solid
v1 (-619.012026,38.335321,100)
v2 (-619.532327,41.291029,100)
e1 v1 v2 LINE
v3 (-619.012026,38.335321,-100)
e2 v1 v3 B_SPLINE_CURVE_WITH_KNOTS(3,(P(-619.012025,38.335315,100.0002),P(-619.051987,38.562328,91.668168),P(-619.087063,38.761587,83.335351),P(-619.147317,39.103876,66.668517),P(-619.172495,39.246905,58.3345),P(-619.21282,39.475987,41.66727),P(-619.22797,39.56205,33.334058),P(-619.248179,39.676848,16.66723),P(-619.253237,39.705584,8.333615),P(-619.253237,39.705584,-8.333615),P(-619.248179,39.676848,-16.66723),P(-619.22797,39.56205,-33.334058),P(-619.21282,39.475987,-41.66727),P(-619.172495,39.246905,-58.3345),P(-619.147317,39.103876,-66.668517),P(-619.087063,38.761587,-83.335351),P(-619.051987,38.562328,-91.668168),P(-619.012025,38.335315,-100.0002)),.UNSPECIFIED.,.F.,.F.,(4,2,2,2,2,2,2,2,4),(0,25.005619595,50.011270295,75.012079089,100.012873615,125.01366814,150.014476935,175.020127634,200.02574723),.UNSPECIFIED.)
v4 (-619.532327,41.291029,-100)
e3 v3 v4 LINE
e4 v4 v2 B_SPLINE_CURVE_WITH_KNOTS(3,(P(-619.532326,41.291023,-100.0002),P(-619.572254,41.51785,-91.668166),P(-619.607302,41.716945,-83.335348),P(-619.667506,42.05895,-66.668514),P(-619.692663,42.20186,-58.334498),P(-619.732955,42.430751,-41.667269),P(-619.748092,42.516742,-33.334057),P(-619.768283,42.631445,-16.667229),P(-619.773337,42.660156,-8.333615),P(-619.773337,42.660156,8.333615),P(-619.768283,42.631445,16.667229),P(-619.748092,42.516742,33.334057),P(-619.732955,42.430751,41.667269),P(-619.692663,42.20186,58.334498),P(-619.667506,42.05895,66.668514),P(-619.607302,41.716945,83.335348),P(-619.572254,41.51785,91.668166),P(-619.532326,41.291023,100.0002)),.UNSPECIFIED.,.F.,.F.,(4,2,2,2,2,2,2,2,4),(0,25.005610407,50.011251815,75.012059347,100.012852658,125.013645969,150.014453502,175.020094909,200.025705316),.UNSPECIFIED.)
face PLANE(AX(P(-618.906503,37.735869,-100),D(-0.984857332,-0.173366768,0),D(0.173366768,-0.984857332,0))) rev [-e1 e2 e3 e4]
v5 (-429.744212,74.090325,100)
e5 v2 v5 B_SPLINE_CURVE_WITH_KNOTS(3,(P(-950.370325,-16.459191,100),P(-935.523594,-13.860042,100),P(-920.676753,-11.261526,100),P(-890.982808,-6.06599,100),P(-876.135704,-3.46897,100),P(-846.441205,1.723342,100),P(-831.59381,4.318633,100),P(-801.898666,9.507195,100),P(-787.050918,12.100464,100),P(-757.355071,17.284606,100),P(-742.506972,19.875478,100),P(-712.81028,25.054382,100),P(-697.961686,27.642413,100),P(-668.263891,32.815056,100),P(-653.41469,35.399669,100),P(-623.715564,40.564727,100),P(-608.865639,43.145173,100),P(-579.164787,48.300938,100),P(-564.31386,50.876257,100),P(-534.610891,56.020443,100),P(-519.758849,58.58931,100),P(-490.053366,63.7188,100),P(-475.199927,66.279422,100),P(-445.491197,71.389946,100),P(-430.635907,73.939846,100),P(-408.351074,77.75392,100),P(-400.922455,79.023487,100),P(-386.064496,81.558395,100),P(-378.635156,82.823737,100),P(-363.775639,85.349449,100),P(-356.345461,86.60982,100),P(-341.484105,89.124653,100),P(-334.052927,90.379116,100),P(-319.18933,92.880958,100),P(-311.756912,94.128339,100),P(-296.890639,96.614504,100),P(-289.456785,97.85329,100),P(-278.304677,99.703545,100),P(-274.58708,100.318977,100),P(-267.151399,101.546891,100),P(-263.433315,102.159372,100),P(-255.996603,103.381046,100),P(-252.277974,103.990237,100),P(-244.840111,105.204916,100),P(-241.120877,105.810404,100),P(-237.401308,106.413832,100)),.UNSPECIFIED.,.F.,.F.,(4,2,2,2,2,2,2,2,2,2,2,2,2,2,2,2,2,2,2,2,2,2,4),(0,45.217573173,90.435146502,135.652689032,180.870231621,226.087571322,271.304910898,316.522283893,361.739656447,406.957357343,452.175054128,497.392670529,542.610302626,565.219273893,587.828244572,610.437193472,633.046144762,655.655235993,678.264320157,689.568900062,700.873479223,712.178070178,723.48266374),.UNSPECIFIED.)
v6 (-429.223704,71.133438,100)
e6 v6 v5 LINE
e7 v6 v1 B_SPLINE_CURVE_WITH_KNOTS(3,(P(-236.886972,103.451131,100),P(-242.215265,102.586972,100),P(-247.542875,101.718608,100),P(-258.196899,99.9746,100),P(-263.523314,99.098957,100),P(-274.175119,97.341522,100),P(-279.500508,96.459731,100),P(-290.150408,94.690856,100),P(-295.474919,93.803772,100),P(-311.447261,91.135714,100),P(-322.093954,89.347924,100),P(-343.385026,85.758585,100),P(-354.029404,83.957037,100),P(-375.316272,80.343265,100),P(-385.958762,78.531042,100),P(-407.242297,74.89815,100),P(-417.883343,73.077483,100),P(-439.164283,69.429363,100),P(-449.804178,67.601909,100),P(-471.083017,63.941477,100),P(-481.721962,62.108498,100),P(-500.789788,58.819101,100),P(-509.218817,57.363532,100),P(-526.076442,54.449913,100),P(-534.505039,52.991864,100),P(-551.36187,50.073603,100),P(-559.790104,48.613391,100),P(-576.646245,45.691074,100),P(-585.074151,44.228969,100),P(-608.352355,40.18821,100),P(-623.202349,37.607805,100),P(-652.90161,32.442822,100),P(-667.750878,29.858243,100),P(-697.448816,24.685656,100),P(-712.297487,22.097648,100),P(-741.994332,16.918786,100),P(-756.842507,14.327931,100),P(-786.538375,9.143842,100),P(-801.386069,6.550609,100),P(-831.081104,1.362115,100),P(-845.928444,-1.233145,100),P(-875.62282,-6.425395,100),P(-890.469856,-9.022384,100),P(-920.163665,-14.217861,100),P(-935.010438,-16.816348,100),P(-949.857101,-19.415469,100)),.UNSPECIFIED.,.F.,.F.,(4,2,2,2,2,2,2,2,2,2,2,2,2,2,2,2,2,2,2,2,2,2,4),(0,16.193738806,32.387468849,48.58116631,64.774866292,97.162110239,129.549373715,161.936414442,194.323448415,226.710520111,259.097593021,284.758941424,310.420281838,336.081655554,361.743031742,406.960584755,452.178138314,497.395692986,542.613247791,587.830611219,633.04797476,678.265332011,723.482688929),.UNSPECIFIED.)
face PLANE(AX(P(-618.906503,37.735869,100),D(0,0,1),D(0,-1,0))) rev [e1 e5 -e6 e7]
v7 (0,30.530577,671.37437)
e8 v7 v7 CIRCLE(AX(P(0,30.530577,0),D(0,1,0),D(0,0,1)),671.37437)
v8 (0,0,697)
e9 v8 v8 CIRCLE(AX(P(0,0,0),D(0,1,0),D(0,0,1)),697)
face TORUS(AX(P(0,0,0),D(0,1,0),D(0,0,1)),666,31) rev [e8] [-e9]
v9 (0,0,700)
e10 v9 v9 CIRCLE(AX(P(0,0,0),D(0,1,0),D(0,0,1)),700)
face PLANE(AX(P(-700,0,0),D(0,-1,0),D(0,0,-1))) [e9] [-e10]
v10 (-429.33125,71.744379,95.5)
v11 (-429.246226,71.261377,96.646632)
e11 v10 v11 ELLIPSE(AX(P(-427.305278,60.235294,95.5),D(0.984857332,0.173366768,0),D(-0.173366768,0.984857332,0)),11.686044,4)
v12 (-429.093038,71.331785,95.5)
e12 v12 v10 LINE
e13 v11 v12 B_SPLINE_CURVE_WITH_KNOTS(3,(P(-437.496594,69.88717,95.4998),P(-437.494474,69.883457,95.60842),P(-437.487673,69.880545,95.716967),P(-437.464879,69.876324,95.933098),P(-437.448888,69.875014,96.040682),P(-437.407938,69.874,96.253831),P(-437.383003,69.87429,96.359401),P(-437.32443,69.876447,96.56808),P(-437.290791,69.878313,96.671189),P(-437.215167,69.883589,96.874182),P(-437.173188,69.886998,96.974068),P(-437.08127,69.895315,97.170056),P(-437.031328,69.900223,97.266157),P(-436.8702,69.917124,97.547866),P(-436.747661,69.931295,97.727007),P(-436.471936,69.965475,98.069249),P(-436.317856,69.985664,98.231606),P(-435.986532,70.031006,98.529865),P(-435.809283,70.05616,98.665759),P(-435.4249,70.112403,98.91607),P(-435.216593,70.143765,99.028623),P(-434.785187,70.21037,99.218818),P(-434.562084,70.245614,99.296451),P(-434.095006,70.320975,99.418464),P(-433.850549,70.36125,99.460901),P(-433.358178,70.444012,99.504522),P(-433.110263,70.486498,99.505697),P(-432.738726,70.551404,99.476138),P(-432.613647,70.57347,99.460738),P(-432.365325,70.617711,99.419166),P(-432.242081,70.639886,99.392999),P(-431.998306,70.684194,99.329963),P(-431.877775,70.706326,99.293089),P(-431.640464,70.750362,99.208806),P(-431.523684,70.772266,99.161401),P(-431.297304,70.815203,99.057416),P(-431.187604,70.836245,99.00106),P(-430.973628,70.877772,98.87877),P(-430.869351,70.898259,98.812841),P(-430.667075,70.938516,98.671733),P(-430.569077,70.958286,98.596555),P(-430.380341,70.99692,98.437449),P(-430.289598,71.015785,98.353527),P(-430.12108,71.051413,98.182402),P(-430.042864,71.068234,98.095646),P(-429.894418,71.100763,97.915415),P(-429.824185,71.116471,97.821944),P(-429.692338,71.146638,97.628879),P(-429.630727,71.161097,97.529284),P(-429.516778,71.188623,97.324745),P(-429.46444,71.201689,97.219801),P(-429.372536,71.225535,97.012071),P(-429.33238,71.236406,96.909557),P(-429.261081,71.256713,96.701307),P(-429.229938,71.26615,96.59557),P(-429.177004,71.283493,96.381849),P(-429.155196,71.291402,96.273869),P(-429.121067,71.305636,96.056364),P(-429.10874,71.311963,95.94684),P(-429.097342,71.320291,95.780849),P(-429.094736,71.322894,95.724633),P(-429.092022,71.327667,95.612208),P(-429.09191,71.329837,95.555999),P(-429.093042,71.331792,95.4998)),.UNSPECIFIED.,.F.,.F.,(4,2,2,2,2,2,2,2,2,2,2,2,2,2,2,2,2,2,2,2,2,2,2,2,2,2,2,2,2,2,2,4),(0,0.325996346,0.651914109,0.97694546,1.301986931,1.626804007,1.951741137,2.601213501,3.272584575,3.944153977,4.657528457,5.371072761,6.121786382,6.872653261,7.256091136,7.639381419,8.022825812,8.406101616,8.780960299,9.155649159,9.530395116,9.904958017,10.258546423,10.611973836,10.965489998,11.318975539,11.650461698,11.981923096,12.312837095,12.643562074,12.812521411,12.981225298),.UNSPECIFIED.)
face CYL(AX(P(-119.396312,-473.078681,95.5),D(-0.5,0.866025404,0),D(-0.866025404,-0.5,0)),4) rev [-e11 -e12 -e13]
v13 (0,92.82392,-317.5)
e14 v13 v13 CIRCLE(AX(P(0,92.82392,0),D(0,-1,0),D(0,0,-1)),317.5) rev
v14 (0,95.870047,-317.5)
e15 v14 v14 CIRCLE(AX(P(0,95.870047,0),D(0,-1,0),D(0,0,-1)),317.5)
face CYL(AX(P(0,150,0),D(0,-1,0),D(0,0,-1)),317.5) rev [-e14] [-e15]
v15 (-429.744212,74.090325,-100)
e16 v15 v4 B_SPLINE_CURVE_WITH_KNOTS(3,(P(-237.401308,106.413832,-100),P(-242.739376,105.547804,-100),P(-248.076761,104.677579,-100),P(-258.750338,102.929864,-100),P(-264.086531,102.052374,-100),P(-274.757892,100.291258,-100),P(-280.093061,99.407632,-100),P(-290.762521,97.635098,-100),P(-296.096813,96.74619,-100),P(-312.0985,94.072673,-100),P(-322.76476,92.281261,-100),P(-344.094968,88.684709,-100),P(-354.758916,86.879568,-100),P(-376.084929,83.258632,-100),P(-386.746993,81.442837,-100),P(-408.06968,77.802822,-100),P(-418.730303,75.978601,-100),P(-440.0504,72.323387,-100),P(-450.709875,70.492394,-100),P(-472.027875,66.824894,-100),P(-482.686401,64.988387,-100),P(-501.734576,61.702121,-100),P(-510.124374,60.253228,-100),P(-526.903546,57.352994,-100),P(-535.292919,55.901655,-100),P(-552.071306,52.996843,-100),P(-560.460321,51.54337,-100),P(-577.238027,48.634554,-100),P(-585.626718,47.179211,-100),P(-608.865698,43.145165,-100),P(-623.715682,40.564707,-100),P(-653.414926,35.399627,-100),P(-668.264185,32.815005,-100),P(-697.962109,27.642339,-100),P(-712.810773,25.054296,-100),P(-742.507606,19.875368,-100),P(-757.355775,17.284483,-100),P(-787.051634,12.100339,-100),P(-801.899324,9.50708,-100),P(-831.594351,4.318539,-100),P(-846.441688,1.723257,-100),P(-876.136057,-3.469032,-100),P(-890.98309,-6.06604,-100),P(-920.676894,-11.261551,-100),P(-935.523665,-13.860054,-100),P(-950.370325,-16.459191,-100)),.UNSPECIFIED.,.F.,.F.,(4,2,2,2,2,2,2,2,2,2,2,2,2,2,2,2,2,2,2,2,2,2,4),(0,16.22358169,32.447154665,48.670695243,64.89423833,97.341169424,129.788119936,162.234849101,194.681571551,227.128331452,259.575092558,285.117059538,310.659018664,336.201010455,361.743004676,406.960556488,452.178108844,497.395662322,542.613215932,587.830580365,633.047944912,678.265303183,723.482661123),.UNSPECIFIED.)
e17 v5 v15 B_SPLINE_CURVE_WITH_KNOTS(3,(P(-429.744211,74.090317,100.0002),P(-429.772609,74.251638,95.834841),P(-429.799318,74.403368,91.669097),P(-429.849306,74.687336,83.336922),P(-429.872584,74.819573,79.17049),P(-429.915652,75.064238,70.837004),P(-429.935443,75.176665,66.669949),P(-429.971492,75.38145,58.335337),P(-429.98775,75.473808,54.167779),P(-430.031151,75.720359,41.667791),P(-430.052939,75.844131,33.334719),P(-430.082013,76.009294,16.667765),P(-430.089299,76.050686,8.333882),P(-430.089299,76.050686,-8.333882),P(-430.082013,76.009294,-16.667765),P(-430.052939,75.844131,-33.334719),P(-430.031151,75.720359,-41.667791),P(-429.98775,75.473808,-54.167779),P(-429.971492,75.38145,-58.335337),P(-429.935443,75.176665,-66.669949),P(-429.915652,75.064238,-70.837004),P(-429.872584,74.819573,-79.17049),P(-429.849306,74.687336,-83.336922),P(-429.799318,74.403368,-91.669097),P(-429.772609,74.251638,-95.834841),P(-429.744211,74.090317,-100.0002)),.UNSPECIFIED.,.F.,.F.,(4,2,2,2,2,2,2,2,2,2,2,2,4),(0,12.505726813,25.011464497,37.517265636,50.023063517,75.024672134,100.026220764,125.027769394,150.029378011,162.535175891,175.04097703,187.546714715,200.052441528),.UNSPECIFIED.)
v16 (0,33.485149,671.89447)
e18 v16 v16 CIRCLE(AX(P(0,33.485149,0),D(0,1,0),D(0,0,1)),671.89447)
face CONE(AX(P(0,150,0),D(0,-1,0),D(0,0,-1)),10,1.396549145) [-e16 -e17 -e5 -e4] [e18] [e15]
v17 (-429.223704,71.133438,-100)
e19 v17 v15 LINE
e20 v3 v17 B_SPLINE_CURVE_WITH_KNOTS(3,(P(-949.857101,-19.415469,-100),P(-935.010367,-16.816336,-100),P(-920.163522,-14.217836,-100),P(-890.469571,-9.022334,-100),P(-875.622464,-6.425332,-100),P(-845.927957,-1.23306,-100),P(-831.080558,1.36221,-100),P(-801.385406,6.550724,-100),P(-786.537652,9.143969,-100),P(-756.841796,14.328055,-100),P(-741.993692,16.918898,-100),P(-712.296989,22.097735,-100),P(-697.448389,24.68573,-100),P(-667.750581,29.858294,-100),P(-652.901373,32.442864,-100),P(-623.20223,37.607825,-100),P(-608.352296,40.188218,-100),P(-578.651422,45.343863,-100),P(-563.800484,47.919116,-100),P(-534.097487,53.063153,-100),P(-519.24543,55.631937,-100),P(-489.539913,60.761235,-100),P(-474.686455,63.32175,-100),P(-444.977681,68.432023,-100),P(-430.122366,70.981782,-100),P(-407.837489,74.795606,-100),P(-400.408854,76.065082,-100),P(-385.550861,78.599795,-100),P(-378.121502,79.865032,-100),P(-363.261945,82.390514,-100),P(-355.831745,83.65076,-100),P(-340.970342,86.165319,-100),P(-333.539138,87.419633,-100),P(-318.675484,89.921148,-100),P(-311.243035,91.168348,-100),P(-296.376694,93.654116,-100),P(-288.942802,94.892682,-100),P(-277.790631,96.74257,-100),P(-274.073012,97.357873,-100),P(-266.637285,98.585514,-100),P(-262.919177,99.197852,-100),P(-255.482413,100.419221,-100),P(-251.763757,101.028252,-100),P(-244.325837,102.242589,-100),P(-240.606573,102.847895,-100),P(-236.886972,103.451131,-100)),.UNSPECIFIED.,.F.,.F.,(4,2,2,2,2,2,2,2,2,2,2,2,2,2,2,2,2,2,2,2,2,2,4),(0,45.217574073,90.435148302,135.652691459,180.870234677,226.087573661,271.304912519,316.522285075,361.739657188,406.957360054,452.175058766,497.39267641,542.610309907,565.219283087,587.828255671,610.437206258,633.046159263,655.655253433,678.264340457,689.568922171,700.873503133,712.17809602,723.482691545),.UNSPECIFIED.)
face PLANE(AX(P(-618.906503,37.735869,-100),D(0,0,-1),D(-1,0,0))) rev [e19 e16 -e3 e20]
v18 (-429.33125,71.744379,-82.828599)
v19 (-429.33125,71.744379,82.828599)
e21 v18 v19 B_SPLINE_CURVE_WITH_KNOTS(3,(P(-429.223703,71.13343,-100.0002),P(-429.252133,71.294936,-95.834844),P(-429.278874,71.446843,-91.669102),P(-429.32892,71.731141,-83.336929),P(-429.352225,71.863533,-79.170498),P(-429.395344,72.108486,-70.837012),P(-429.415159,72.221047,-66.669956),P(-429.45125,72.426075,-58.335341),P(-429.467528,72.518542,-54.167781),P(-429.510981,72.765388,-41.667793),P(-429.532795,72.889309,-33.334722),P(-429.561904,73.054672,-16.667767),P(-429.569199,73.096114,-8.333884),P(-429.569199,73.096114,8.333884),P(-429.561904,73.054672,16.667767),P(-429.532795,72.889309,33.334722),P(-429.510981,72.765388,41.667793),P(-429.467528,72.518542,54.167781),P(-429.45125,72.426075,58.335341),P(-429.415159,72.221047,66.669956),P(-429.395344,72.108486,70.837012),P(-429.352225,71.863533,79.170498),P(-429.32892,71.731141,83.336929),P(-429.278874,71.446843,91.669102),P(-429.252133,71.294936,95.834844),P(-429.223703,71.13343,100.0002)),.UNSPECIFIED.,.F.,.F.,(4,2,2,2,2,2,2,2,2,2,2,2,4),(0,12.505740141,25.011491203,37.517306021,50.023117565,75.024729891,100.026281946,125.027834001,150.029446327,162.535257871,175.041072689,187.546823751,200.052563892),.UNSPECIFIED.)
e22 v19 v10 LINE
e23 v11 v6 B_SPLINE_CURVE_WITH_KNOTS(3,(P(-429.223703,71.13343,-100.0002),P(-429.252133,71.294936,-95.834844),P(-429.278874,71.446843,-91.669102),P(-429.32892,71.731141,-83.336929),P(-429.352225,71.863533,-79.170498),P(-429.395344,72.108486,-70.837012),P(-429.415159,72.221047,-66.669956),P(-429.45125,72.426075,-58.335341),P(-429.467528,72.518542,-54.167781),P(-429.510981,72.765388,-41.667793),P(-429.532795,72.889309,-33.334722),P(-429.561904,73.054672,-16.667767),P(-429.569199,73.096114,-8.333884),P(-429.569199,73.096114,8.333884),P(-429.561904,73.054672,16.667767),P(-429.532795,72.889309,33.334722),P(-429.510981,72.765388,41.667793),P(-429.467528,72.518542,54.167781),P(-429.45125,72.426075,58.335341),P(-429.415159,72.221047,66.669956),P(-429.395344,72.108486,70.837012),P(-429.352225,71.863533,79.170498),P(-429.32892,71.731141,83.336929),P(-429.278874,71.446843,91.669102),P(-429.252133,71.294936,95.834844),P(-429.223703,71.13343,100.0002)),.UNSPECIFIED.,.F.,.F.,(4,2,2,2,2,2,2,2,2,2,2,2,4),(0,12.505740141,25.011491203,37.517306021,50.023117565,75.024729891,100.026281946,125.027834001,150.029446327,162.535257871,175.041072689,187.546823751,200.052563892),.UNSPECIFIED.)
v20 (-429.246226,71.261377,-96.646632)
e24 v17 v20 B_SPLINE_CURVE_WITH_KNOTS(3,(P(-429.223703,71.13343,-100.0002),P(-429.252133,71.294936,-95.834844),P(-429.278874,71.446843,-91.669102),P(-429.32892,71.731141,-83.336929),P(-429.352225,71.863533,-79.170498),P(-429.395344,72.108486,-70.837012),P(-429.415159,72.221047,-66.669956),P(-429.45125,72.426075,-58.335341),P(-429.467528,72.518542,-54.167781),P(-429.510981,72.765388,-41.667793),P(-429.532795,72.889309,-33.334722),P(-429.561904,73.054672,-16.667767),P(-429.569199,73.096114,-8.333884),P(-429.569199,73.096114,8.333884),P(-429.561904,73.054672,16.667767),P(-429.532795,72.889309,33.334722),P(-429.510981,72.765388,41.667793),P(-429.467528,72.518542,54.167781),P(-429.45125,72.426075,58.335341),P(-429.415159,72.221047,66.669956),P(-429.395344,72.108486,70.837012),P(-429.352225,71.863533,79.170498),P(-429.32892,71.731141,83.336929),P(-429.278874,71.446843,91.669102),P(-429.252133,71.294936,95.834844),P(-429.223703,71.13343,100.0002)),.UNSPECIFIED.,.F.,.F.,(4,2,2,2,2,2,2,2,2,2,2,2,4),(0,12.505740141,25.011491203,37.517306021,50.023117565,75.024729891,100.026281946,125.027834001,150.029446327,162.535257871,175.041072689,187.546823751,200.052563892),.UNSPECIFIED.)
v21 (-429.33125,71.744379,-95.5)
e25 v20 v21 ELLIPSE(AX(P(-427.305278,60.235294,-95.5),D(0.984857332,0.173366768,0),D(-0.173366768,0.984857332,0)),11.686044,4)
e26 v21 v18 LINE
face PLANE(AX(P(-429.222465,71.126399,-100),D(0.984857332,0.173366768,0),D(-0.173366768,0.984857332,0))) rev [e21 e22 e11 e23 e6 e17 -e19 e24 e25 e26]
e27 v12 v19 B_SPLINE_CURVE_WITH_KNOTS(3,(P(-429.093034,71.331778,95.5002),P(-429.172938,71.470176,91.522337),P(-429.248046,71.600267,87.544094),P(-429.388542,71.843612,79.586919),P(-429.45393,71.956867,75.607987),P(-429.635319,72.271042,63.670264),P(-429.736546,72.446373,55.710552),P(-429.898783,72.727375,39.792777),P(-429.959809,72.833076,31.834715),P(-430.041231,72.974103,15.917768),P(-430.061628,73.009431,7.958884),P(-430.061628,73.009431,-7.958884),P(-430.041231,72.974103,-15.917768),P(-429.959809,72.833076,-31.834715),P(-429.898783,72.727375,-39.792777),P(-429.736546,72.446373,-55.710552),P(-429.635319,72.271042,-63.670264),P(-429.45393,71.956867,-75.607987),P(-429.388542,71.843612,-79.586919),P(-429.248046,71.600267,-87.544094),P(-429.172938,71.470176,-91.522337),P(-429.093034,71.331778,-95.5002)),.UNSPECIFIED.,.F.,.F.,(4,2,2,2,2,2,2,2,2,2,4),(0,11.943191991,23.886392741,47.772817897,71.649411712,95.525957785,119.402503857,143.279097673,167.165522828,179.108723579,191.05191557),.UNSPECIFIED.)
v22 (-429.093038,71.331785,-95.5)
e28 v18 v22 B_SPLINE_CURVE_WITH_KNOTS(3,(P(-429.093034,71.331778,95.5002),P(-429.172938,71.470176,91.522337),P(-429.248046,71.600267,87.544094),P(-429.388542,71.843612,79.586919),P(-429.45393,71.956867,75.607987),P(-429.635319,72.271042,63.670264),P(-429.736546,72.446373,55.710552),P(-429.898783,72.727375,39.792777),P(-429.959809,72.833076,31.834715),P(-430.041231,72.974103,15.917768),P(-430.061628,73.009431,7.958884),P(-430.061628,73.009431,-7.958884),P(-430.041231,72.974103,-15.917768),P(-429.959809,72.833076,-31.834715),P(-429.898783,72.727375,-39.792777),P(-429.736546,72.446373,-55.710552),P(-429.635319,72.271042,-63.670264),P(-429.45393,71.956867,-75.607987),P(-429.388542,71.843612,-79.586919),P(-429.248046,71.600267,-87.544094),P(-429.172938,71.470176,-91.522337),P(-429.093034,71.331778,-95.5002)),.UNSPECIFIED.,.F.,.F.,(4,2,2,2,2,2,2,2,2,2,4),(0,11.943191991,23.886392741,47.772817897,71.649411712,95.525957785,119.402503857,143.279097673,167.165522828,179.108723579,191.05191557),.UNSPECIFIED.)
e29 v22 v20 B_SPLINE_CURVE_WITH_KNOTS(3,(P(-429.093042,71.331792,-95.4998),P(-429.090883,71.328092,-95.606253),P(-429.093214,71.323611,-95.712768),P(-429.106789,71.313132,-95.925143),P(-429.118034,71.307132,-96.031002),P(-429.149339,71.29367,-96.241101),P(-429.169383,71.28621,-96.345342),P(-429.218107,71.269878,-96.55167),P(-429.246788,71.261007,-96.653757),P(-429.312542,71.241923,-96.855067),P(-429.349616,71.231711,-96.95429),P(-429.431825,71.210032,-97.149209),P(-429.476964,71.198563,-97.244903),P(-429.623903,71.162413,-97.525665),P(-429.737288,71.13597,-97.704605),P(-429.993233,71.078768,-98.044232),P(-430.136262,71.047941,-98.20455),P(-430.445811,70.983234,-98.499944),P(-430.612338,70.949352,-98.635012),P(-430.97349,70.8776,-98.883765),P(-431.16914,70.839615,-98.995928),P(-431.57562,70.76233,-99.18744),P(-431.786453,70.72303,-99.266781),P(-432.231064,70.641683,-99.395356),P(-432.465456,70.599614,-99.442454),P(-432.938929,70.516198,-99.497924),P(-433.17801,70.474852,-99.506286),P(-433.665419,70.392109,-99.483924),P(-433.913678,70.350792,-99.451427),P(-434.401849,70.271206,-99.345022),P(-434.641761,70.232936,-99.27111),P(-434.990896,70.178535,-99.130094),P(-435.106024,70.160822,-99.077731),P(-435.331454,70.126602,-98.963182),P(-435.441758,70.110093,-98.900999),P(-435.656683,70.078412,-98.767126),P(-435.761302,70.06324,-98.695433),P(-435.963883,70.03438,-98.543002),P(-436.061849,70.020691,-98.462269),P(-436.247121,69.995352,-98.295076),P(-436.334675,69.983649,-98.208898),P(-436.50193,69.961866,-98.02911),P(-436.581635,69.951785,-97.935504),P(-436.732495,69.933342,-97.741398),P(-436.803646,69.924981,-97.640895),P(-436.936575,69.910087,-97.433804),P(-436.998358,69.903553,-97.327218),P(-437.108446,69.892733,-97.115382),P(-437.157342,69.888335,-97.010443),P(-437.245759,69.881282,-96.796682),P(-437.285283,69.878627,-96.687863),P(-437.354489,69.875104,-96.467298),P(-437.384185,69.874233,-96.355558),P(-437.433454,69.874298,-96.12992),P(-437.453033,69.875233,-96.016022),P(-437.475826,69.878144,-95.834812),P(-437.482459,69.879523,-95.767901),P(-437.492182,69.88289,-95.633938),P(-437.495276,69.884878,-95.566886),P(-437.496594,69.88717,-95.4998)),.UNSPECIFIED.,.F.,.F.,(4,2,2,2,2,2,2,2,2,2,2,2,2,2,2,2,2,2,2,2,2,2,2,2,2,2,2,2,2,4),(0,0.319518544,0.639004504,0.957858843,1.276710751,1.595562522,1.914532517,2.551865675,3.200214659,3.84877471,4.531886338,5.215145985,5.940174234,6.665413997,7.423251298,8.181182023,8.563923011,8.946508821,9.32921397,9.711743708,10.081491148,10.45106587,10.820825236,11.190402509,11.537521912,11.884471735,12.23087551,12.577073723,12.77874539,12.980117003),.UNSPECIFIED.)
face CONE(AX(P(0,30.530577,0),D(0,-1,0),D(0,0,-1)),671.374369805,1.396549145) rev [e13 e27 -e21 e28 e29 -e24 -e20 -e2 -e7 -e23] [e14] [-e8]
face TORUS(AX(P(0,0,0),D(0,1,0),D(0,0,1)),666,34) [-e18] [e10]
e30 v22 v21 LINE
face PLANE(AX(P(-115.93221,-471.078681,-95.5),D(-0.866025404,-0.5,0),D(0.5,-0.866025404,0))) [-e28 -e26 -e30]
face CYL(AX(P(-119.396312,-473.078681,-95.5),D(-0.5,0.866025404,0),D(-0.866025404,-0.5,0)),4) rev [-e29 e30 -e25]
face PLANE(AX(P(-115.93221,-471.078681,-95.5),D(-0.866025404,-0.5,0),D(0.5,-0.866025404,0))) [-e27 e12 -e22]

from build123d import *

# Parameters (mm, degrees)
SKETCH_2_R          = 317.5
CUT_EXTRUDE_2_DEPTH = 151
CUT_EXTRUDE_3_DEPTH = 772.950427912
SKETCH_4_W          = 192.600523864
SKETCH_4_H          = 200
CUT_EXTRUDE_4_DEPTH = 5


with BuildPart() as part:
    # Эскиз1 → Повернуть1 (revolve)
    with BuildSketch(Plane.XY):
        with BuildLine():
            Line((-671.894470109, 33.485149277), (-10, 150))
            Line((-10, 150), (-9.479899696, 147.045428005))
            Line((-9.479899696, 147.045428005), (-671.374369805, 30.530577282))
            ThreePointArc((-671.374369805, 30.530577282), (-689.74453057, 19.929808529), (-697, 0))
            Line((-697, 0), (-700, 0))
            ThreePointArc((-700, 0), (-692.042388367, 21.858499677), (-671.894470109, 33.485149277))
        make_face()
    revolve(axis=Axis((0, 73.50481492, 0), (0, -1, 0)))

    # Эскиз2 → Вырез-Вытянуть2 (cut, through all)
    with BuildSketch(Plane(origin=(0, 0, 0), x_dir=(1, 0, 0), z_dir=(0, 1, 0))):
        Circle(SKETCH_2_R)
    extrude(amount=CUT_EXTRUDE_2_DEPTH, mode=Mode.SUBTRACT)

    # Эскиз3 → Вырез-Вытянуть3 (cut, through all)
    with BuildSketch(Plane(origin=(-210.975213956, 365.419789709, 0), x_dir=(-0.866025404, -0.5, 0), z_dir=(0.5, -0.866025404, 0))):
        with BuildLine():
            Line((335.939579419, 95.5), (335.939579419, -95.5))
            ThreePointArc((335.939579419, -95.5), (337.111152294, -98.328427125), (339.939579419, -99.5))
            Line((339.939579419, -99.5), (425.439579419, -99.5))
            Line((425.439579419, -99.5), (510.939579419, -99.5))
            ThreePointArc((510.939579419, -99.5), (513.768006544, -98.328427125), (514.939579419, -95.5))
            Line((514.939579419, -95.5), (514.939579419, 95.5))
            ThreePointArc((514.939579419, 95.5), (513.768006544, 98.328427125), (510.939579419, 99.5))
            Line((510.939579419, 99.5), (425.439579419, 99.5))
            Line((425.439579419, 99.5), (339.939579419, 99.5))
            ThreePointArc((339.939579419, 99.5), (337.111152294, 98.328427125), (335.939579419, 95.5))
        make_face()
    extrude(amount=CUT_EXTRUDE_3_DEPTH, mode=Mode.SUBTRACT)

    # Эскиз4 → Вырез-Вытянуть4 (cut)
    with BuildSketch(Plane(origin=(-25.91179023, 147.199009892, 0), x_dir=(0.984857332, 0.173366768, 0), z_dir=(-0.173366768, 0.984857332, 0))):
        with Locations((-506.692199983, 0)):
            Rectangle(SKETCH_4_W, SKETCH_4_H)
    extrude(amount=-CUT_EXTRUDE_4_DEPTH, mode=Mode.SUBTRACT)


solid = part.part
